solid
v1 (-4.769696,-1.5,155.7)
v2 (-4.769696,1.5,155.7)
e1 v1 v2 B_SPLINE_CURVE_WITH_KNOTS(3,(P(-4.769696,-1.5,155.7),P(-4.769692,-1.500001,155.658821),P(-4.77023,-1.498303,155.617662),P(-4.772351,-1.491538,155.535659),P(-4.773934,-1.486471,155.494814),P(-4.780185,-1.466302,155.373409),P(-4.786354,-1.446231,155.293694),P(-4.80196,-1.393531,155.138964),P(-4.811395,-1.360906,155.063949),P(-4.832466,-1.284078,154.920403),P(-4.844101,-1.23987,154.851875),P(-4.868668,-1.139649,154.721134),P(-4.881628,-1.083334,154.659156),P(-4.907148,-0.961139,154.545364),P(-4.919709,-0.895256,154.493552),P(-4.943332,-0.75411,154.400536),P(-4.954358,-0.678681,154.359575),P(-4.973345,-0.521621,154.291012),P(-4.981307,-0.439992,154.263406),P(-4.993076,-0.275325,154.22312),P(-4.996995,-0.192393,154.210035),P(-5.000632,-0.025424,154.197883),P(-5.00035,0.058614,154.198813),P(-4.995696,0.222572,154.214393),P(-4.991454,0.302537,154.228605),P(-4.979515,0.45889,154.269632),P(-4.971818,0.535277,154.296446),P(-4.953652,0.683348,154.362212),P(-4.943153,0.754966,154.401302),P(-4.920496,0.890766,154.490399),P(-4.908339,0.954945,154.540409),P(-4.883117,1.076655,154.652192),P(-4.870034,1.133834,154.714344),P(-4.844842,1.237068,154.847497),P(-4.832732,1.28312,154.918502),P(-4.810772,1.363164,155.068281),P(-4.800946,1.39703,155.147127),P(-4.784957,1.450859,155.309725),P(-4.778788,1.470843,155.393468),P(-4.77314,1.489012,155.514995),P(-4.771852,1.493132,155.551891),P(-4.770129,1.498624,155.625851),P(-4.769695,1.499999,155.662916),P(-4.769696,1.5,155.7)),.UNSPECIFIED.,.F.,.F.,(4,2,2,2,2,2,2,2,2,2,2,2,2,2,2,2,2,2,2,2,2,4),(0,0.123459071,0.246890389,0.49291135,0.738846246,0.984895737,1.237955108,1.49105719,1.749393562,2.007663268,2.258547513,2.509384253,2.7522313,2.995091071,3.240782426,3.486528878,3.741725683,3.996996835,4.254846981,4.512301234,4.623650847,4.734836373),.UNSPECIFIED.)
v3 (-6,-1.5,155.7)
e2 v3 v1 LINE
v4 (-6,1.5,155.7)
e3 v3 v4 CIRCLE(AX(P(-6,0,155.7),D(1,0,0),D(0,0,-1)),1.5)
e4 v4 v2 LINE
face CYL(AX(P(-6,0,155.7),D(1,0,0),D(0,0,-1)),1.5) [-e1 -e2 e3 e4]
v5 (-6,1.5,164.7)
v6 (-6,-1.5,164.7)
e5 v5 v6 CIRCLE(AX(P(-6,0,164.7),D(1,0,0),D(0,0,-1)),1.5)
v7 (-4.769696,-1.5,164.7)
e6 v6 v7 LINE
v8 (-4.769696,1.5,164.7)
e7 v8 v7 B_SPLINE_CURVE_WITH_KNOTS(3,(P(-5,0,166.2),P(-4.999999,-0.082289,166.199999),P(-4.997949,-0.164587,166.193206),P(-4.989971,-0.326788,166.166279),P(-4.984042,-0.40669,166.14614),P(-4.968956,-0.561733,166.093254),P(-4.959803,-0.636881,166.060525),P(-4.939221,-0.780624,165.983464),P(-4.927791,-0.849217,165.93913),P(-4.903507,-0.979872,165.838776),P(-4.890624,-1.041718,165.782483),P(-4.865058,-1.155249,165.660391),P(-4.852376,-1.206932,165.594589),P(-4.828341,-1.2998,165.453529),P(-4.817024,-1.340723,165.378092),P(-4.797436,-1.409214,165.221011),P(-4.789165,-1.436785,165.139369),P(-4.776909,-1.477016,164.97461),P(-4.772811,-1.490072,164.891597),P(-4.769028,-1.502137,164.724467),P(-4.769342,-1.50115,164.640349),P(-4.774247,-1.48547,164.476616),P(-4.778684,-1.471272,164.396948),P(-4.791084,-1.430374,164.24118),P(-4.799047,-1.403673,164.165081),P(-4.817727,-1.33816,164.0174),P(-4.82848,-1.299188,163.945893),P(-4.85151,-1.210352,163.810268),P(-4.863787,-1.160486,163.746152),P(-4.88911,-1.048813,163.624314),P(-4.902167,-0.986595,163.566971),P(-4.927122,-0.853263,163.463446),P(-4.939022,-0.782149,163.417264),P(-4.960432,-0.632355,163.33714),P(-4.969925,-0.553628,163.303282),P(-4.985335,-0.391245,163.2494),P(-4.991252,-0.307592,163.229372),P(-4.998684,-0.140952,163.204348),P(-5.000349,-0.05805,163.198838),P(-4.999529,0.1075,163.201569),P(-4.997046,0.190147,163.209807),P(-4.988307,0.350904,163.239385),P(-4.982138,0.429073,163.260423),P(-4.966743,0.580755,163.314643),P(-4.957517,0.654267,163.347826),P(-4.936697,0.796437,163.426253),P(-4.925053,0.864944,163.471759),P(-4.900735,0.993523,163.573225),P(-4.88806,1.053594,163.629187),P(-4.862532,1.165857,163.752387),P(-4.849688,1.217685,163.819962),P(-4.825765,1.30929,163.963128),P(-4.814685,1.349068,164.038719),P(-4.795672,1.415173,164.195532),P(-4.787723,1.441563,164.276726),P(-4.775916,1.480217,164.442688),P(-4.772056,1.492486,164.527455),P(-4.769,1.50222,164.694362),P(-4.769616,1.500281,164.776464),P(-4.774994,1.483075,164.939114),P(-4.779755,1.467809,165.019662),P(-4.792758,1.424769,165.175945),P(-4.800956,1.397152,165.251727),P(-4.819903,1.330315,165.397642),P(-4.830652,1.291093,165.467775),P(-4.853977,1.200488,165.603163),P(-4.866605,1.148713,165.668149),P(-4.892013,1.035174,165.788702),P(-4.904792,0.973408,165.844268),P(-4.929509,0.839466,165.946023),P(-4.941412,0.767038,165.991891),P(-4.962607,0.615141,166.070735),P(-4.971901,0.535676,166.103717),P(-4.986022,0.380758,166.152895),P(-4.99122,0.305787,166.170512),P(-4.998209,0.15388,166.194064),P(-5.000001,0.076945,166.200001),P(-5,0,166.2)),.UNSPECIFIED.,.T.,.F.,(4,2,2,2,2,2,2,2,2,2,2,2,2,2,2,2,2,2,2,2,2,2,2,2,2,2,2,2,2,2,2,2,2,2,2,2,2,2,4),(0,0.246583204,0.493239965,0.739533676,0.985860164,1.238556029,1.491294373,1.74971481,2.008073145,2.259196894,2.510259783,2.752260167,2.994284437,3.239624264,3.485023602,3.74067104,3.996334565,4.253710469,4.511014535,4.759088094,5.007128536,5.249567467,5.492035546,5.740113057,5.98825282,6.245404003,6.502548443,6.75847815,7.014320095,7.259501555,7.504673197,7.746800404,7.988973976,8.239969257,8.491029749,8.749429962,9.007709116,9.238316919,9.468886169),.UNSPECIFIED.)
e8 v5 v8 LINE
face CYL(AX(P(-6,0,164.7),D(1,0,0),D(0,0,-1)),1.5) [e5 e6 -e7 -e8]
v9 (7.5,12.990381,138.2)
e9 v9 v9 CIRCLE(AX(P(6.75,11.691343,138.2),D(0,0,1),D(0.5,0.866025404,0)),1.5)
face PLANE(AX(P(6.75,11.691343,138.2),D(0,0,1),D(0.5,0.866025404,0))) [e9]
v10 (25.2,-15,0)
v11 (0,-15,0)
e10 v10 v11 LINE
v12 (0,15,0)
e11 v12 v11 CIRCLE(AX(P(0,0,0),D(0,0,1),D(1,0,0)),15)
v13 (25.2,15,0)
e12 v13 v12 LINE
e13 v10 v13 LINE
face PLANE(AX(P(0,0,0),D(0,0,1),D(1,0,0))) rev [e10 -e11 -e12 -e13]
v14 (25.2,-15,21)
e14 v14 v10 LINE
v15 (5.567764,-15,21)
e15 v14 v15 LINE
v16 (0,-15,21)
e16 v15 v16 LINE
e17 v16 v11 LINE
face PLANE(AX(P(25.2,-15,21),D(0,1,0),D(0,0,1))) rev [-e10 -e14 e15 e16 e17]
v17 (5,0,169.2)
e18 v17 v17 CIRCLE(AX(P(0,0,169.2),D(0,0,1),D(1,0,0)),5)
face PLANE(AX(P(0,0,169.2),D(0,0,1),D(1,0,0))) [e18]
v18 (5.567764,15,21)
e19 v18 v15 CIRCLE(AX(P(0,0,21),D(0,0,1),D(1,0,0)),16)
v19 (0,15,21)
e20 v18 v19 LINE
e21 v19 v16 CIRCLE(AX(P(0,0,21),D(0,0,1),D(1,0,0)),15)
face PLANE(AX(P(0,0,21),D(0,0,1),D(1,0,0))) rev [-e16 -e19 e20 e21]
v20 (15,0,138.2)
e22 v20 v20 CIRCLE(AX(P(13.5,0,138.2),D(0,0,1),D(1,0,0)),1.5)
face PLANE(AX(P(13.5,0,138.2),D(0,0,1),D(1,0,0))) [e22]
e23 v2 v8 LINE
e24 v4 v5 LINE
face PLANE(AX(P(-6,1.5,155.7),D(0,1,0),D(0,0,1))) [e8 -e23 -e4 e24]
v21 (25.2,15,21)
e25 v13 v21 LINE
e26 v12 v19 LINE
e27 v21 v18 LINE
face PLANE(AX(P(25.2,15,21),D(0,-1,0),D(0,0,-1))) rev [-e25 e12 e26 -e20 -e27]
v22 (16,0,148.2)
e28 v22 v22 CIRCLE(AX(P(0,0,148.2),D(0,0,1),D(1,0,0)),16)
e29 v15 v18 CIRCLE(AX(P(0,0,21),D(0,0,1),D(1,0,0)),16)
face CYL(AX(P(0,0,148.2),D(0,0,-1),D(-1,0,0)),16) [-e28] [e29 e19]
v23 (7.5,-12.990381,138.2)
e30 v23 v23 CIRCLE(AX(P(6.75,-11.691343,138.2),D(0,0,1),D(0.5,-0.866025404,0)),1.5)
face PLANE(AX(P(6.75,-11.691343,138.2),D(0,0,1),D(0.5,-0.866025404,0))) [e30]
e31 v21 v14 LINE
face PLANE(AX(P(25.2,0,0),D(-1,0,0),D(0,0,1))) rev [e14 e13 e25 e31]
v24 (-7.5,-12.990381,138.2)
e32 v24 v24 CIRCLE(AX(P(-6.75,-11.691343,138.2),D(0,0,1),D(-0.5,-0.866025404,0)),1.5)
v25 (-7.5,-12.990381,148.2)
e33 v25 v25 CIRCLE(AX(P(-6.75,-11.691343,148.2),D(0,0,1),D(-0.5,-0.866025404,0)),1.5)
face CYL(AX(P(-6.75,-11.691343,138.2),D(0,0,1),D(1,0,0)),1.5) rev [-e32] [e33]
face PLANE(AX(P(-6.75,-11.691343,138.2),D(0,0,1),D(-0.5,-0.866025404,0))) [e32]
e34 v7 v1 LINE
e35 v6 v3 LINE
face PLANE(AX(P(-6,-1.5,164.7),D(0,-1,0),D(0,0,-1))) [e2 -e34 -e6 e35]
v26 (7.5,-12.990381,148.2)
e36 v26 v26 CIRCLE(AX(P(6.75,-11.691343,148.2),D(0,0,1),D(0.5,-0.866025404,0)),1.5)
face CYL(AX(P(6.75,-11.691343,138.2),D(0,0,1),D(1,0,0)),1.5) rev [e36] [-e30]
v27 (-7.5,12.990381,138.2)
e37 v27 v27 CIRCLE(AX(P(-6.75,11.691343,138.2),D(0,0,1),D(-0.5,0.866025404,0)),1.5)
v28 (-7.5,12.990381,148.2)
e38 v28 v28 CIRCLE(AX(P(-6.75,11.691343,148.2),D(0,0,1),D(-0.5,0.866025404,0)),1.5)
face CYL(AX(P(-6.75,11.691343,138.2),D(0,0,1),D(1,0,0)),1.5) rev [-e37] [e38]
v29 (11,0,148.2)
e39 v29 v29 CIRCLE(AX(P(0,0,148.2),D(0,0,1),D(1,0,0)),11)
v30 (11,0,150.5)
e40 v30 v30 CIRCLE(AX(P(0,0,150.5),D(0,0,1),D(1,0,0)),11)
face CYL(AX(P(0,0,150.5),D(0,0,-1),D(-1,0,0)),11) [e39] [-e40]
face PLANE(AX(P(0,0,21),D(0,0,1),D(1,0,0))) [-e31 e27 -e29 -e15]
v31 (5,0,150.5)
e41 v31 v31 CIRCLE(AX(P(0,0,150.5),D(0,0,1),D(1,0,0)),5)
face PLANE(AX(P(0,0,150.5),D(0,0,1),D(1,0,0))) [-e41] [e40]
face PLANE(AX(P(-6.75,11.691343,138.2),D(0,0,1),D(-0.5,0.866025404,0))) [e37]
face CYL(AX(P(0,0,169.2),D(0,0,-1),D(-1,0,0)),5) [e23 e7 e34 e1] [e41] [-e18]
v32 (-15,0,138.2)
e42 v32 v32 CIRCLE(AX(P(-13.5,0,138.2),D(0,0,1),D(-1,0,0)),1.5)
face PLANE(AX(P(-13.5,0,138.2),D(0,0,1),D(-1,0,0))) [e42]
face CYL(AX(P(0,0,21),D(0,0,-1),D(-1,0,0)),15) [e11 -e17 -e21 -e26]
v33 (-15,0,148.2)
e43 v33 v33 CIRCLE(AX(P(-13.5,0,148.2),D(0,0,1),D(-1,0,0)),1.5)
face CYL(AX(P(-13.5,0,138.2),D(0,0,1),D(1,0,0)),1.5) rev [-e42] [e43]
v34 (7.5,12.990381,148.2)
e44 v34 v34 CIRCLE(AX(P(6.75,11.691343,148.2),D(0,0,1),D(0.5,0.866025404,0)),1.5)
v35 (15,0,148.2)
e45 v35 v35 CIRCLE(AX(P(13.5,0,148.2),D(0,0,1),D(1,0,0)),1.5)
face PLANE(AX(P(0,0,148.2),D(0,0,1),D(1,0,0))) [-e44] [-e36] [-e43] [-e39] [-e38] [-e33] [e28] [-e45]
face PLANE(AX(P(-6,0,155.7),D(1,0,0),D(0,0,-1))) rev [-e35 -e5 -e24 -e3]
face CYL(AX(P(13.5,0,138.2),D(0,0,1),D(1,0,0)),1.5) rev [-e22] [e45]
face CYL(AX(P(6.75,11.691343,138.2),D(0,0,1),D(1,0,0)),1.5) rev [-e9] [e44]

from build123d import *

# Parameters (mm, degrees)
SKETCH1_R           = 15
BOSS_EXTRUDE1_DEPTH = 21
SKETCH2_W           = 21
SKETCH2_H           = 30
BOSS_EXTRUDE2_DEPTH = 25.2
SKETCH3_R           = 16
BOSS_EXTRUDE3_DEPTH = 127.2
SKETCH4_R           = 11
BOSS_EXTRUDE4_DEPTH = 2.3
SKETCH6_R           = 5
BOSS_EXTRUDE6_DEPTH = 18.7
BOSS_EXTRUDE7_DEPTH = 6
SKETCH7_R           = 1.5
CUT_EXTRUDE1_DEPTH  = 10
CIRPATTERN1_COUNT   = 6


with BuildPart() as part:
    # Sketch1 → Boss-Extrude1 (new body)
    with BuildSketch(Plane.XY):
        with Locations(Location((0, 0, 0), (0, 0, 180))):
            Circle(SKETCH1_R)
    extrude(amount=BOSS_EXTRUDE1_DEPTH)

    # Sketch2 → Boss-Extrude2 (add)
    with BuildSketch(Plane(origin=(0, 0, 0), x_dir=(0, 0, -1), z_dir=(1, 0, 0))):
        with Locations((-10.5, 0)):
            Rectangle(SKETCH2_W, SKETCH2_H)
    extrude(amount=BOSS_EXTRUDE2_DEPTH)

    # Sketch3 → Boss-Extrude3 (add)
    with BuildSketch(Plane.XY.offset(21)):
        with Locations(Location((0, 0, 0), (0, 0, 290.364134806))):
            Circle(SKETCH3_R)
    extrude(amount=BOSS_EXTRUDE3_DEPTH)

    # Sketch4 → Boss-Extrude4 (add)
    with BuildSketch(Plane.XY.offset(148.2)):
        Circle(SKETCH4_R)
    extrude(amount=BOSS_EXTRUDE4_DEPTH)

    # Sketch6 → Boss-Extrude6 (add)
    with BuildSketch(Plane.XY.offset(150.5)):
        Circle(SKETCH6_R)
    extrude(amount=BOSS_EXTRUDE6_DEPTH)

    # Sketch5 → Boss-Extrude7 (add)
    with BuildSketch(Plane(origin=(0, 0, 0), x_dir=(0, 0, -1), z_dir=(1, 0, 0))):
        with BuildLine():
            Line((-155.7, 1.5), (-164.7, 1.5))
            ThreePointArc((-164.7, 1.5), (-166.2, 0), (-164.7, -1.5))
            Line((-164.7, -1.5), (-155.7, -1.5))
            ThreePointArc((-155.7, -1.5), (-154.2, 0), (-155.7, 1.5))
        make_face()
    extrude(amount=-BOSS_EXTRUDE7_DEPTH)

    # Sketch7 → Cut-Extrude1 (cut)
    with BuildSketch(Plane.XY.offset(148.2)):
        with Locations((13.5, 0)):
            Circle(SKETCH7_R)
    cut_extrude1 = extrude(amount=-CUT_EXTRUDE1_DEPTH, mode=Mode.SUBTRACT)

    # CirPattern1: Cut-Extrude1 ×6 about axis
    cirpattern1_axis = Axis((0, 0, 0), (0, 0, 1))
    for i in range(1, CIRPATTERN1_COUNT):
        add(cut_extrude1.rotate(cirpattern1_axis, i * 360 / CIRPATTERN1_COUNT), mode=Mode.SUBTRACT)


solid = part.part
